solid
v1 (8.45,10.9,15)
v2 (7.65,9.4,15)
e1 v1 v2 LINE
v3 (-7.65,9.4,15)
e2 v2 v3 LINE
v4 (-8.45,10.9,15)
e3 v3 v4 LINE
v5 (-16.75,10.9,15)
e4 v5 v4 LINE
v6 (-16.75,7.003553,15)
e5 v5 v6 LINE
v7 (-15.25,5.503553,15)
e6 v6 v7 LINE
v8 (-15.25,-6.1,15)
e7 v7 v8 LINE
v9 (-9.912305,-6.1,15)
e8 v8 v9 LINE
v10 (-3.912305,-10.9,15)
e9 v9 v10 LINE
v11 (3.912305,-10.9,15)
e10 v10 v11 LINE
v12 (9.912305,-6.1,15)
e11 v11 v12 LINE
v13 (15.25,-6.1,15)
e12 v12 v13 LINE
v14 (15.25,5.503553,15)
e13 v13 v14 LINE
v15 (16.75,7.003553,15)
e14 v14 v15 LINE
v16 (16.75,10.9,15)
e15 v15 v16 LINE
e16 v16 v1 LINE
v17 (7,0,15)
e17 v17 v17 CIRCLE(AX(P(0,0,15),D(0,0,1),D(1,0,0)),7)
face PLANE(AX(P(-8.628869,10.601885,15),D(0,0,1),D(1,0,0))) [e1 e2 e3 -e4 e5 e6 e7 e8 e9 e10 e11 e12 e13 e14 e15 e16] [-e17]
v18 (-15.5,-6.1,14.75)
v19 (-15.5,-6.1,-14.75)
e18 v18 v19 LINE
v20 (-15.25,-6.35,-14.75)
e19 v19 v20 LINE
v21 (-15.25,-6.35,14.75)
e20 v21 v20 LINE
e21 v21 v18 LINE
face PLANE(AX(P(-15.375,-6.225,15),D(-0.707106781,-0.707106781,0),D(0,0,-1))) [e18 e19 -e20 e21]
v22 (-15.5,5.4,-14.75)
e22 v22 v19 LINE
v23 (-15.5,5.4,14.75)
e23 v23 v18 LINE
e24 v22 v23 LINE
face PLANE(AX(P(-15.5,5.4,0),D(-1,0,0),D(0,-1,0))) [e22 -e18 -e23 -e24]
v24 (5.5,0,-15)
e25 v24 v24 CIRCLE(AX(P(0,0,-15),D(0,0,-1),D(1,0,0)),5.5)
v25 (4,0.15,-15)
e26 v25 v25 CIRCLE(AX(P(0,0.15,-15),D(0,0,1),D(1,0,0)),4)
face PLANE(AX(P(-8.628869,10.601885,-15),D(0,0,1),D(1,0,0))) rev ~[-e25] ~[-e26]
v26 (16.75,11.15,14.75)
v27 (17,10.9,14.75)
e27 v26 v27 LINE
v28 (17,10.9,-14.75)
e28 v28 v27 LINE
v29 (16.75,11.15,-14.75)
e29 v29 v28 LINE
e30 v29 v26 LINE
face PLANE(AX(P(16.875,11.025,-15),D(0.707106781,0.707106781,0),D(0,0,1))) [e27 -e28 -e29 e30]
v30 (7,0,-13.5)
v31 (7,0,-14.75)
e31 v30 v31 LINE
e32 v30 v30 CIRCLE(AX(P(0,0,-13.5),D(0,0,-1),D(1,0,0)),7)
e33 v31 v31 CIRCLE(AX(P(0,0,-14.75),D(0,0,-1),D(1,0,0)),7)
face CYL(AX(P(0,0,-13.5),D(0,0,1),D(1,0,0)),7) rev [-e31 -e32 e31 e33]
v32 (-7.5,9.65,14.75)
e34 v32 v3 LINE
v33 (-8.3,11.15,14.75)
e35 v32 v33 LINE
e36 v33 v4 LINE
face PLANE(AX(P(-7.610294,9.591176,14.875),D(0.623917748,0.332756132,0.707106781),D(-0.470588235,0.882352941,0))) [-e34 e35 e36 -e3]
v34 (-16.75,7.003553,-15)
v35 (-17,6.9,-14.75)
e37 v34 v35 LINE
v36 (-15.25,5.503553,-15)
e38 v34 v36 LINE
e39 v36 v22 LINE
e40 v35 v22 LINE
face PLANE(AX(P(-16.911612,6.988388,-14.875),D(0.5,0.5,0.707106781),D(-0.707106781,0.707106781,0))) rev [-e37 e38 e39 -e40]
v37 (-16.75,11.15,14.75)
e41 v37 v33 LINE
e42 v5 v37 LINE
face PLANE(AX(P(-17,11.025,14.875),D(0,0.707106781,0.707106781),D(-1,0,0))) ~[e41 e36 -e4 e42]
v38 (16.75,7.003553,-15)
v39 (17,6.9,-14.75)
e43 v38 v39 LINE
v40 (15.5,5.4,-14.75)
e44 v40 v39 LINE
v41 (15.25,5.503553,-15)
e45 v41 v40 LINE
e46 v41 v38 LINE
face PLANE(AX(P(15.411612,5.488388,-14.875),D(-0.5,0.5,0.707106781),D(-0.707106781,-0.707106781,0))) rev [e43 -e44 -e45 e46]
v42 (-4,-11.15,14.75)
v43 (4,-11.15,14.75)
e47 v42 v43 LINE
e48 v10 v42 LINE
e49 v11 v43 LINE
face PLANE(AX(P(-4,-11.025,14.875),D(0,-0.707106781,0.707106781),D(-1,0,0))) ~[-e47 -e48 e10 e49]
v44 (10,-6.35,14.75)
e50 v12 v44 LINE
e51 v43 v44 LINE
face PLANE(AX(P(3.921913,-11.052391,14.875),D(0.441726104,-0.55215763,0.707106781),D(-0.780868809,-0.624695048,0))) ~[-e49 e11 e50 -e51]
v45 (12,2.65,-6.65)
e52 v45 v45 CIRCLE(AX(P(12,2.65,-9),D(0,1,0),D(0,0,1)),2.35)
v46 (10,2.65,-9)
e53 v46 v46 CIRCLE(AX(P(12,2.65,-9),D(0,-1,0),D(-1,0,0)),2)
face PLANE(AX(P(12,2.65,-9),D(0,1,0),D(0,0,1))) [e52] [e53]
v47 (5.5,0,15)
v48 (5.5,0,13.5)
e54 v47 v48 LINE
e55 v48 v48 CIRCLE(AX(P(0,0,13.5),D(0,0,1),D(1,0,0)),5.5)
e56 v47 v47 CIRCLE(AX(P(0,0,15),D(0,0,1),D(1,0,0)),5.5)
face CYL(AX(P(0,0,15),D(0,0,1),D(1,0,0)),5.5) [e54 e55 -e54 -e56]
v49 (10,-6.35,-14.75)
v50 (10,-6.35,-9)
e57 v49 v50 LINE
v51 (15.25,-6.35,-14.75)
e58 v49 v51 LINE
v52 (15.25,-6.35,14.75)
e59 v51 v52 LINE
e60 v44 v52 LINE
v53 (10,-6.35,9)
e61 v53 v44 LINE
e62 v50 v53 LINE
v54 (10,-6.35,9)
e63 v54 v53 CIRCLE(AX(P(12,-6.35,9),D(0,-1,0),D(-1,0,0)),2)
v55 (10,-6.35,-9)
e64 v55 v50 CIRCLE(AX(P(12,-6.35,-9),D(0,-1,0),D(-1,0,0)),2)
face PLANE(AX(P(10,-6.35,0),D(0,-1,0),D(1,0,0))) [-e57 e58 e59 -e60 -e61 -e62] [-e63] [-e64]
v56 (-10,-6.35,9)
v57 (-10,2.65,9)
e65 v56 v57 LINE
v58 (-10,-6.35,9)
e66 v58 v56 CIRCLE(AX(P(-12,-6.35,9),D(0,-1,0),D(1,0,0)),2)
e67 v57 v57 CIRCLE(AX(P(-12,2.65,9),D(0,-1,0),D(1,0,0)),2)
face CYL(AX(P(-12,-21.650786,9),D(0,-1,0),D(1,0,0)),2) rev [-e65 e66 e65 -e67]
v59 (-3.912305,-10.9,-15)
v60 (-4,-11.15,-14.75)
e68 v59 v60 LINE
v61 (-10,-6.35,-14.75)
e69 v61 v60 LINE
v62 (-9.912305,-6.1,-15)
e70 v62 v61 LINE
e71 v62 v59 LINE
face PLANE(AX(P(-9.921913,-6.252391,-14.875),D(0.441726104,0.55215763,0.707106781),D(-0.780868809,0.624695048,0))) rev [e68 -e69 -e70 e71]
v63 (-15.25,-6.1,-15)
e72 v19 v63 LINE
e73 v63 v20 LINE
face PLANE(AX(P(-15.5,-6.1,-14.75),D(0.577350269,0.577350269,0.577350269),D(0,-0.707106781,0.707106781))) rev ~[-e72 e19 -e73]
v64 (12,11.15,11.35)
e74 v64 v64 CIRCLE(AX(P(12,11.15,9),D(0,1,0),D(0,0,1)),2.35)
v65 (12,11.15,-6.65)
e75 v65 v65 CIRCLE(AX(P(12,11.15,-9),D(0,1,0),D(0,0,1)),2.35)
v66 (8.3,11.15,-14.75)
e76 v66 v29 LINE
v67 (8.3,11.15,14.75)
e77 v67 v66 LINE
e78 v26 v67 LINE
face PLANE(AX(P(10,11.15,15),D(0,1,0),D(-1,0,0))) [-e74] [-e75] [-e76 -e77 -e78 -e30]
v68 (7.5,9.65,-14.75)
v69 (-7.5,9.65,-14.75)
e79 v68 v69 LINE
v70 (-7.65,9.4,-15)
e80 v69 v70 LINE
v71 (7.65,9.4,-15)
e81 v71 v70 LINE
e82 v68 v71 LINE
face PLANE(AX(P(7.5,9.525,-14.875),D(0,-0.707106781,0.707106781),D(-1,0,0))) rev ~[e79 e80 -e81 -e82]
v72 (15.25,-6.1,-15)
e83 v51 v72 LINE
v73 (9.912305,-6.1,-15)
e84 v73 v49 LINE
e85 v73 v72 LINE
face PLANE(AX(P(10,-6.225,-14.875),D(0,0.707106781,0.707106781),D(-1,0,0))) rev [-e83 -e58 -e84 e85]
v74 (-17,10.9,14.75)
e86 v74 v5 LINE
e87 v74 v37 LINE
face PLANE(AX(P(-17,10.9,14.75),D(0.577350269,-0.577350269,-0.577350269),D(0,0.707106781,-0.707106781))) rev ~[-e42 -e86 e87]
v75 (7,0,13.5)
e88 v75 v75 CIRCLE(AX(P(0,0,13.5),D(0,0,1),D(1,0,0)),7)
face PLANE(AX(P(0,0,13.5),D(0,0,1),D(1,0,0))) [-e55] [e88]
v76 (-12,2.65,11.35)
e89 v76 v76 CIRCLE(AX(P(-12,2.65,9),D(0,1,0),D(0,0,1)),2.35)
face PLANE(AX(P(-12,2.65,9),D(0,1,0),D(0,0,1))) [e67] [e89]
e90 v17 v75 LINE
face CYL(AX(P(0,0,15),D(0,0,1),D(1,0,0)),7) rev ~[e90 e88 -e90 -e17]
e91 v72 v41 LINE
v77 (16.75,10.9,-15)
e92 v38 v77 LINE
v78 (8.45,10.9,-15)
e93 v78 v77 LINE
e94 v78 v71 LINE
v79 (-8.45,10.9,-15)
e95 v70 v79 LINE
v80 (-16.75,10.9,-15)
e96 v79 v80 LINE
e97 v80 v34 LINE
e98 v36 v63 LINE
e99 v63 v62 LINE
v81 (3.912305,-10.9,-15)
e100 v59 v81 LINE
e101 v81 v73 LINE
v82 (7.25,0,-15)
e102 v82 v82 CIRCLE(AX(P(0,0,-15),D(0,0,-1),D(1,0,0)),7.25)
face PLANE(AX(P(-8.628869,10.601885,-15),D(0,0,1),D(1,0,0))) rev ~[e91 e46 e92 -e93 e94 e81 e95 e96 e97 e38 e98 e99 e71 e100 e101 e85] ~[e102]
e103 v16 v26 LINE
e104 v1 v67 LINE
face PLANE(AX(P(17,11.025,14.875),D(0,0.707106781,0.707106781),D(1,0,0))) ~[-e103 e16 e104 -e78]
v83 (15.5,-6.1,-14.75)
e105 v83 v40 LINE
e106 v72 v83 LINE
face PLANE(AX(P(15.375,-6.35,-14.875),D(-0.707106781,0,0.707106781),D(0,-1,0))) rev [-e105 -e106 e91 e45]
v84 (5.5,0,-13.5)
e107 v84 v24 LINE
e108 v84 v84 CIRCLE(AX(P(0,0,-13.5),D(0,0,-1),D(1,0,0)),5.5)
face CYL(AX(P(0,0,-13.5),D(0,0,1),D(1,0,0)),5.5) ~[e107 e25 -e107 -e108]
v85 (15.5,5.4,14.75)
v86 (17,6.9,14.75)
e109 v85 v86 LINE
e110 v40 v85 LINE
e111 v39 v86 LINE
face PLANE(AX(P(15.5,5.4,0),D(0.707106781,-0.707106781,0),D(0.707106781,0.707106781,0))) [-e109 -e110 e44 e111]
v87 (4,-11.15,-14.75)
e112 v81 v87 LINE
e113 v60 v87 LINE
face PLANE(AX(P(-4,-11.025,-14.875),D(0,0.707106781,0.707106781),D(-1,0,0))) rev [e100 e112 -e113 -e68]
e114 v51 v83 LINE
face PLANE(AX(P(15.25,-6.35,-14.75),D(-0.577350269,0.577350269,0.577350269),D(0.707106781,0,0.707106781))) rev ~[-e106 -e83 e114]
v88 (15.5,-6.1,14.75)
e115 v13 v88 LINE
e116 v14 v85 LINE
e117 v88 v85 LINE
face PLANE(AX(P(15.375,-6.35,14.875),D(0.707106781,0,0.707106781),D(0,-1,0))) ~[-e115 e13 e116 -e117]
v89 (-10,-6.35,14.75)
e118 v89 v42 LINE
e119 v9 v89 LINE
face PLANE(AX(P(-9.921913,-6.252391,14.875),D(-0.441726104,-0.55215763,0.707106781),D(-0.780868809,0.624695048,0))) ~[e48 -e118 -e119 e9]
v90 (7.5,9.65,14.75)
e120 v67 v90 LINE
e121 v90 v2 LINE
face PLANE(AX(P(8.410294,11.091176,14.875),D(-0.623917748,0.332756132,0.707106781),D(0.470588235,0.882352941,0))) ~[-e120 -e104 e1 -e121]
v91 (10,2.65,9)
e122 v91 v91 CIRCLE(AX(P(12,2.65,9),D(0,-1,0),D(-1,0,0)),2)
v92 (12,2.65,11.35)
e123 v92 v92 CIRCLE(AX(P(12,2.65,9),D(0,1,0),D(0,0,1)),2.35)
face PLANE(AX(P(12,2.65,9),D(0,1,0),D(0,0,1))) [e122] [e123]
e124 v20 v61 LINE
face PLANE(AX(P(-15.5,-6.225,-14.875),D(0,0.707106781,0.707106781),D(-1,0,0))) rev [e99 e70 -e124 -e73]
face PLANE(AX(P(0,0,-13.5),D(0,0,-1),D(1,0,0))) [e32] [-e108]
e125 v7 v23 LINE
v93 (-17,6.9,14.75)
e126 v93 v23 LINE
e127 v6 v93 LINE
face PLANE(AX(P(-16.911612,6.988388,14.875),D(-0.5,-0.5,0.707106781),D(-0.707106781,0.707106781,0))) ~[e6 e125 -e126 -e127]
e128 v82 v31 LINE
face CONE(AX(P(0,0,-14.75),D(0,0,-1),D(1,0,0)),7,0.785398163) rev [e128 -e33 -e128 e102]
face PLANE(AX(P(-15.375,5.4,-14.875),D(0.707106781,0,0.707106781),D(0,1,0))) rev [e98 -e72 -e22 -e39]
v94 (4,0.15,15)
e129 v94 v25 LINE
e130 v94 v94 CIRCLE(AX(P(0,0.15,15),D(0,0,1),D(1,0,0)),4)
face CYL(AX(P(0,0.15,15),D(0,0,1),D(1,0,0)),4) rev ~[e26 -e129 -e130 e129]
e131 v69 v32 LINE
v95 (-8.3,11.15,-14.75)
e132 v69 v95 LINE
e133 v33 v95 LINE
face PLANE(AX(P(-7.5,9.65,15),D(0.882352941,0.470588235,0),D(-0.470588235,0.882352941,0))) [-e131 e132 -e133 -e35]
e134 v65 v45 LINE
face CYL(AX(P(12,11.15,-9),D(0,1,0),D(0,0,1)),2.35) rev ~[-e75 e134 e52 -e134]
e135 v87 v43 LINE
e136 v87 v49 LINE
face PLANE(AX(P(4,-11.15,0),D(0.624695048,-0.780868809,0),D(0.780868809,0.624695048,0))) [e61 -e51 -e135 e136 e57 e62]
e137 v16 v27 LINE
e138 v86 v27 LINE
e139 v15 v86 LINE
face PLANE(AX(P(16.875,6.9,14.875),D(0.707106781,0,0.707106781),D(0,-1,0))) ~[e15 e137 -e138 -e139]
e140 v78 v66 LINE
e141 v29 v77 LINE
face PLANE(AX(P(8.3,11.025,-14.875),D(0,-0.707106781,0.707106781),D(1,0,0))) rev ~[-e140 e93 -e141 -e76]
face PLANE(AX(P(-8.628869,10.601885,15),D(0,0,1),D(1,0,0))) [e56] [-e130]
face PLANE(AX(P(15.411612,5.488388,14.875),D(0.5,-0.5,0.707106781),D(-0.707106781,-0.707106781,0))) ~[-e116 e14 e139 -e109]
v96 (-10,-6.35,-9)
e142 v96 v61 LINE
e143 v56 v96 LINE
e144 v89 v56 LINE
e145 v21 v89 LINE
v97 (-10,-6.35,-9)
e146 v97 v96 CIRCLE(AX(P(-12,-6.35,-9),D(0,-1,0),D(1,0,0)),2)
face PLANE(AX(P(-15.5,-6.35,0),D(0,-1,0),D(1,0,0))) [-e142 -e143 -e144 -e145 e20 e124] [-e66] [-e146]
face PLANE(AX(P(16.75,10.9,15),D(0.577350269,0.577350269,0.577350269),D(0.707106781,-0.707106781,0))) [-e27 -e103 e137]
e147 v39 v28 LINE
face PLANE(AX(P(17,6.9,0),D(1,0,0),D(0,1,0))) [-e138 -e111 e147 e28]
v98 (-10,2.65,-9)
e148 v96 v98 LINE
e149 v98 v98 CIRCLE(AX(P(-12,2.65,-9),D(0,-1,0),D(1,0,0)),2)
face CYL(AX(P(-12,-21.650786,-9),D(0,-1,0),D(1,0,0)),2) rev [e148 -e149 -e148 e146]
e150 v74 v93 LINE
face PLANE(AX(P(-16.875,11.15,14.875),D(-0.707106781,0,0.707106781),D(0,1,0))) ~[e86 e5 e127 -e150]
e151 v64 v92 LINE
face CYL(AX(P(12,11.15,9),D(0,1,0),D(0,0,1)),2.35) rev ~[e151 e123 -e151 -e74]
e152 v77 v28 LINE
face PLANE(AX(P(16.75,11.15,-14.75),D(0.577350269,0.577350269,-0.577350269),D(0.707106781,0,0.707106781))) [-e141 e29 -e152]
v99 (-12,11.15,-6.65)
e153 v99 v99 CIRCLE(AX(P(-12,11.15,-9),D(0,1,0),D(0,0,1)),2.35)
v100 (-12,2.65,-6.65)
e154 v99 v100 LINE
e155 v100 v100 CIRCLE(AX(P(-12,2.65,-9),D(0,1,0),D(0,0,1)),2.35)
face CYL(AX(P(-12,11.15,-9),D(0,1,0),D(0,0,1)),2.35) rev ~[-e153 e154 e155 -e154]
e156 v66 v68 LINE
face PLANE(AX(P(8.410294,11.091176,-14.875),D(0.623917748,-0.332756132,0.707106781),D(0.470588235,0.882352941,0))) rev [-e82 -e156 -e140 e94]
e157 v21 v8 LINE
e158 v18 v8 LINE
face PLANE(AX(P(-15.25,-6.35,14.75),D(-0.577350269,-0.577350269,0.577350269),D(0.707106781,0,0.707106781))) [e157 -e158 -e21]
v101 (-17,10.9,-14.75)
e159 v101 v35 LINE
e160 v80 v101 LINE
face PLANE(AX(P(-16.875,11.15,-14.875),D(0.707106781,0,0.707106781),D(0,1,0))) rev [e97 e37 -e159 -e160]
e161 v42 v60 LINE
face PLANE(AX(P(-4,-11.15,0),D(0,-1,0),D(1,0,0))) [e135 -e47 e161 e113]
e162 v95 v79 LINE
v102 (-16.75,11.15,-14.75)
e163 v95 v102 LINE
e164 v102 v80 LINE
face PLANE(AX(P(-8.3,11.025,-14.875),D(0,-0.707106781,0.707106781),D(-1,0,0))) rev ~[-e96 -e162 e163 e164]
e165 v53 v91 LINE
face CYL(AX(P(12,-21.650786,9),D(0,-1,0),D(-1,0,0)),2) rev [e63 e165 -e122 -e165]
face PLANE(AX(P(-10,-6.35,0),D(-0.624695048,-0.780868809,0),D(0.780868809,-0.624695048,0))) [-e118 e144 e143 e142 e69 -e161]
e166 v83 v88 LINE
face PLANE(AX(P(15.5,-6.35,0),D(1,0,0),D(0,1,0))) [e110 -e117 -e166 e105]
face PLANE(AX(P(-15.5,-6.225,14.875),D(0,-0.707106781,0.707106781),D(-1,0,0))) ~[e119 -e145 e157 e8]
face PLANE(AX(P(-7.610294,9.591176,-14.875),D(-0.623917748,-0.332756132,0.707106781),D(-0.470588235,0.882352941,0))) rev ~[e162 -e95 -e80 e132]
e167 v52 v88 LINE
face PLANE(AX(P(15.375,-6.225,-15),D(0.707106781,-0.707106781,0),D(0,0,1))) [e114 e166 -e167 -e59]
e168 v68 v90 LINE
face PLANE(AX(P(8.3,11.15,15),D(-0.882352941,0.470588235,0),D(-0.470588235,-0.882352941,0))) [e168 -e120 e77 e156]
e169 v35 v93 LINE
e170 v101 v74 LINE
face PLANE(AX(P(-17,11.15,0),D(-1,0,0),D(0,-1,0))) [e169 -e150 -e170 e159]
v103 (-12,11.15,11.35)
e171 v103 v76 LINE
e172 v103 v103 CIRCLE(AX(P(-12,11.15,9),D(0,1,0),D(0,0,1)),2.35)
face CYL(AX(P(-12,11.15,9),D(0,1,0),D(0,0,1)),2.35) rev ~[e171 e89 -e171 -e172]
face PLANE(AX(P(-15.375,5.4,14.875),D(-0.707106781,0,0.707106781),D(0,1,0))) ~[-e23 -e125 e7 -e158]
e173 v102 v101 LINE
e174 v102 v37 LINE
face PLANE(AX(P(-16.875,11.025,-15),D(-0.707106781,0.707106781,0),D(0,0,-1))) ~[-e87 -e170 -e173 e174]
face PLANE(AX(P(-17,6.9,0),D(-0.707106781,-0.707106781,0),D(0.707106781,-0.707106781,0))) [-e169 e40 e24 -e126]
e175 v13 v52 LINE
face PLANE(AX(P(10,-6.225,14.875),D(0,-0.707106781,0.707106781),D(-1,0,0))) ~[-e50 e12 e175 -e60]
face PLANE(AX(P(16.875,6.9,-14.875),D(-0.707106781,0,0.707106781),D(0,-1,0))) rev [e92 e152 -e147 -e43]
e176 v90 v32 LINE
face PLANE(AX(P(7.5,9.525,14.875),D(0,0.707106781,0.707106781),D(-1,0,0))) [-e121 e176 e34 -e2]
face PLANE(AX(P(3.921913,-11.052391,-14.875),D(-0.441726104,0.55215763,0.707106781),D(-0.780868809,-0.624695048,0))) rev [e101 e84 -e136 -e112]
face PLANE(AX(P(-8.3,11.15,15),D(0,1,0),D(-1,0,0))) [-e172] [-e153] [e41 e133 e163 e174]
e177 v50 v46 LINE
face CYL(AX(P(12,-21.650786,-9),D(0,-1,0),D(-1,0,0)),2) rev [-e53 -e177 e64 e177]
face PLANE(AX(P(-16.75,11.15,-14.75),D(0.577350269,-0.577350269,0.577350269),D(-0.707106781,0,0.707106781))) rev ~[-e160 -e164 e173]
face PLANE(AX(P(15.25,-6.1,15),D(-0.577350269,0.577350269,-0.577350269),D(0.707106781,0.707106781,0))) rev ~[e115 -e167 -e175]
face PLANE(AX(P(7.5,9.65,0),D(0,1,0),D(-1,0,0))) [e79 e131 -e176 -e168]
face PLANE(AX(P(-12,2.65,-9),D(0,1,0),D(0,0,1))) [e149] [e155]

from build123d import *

# Parameters (mm, degrees)
SALIENTE_EXTRUIR1_DEPTH    = 15
CROQUIS2_R                 = 4
CORTAR_EXTRUIR1_DEPTH      = 37.239791666
CORTAR_EXTRUIR2_DEPTH      = 32.800786154
CORTAR_EXTRUIR2_DEPTH_BACK = 32.800786154
CROQUIS3_R                 = 2
SALIENTE_EXTRUIR2_DEPTH    = 30
CROQUIS5_R                 = 7
CROQUIS5_R_2               = 5.5
CORTAR_EXTRUIR3_DEPTH      = 1.5
CORTAR_EXTRUIR4_START      = -1.5
CROQUIS6_R                 = 7
CROQUIS6_R_2               = 5.5
CORTAR_EXTRUIR4_DEPTH      = 1.5
CROQUIS7_R                 = 2.35
CORTAR_EXTRUIR5_DEPTH      = 8.5
CHAFL_N1_SIZE              = 0.25


with BuildPart() as part:
    # Croquis1 → Saliente-Extruir1 (new, symmetric)
    with BuildSketch(Plane.XY):
        Polygon((-4, -11.15), (4, -11.15), (10, -6.35), (15.5, -6.35), (15.5, 5.4), (17, 6.9), (17, 11.15), (10, 11.15), (7.5, 9.65), (-7.5, 9.65), (-10, 11.15), (-17, 11.15), (-17, 6.9), (-15.5, 5.4), (-15.5, -6.35), (-10, -6.35), align=None)
    extrude(amount=SALIENTE_EXTRUIR1_DEPTH, both=True)

    # Croquis2 → Cortar-Extruir1 (cut, through all)
    with BuildSketch(Plane.XY.offset(15)):
        with Locations((0, 0.15)):
            Circle(CROQUIS2_R)
    extrude(amount=-CORTAR_EXTRUIR1_DEPTH, mode=Mode.SUBTRACT)

    # Croquis3 → Cortar-Extruir2 (cut, two sides: drawn at the far end of the back side and taken through both)
    with BuildSketch(Plane(origin=(0, 11.15, 0), x_dir=(1, 0, 0), z_dir=(0, 1, 0)).offset(-CORTAR_EXTRUIR2_DEPTH_BACK)):
        with Locations((-12, 9)):
            Circle(CROQUIS3_R)
        with Locations(Location((12, 9, 0), (0, 0, 180))):
            Circle(CROQUIS3_R)
        with Locations((-12, -9)):
            Circle(CROQUIS3_R)
        with Locations(Location((12, -9, 0), (0, 0, 180))):
            Circle(CROQUIS3_R)
    extrude(amount=CORTAR_EXTRUIR2_DEPTH + CORTAR_EXTRUIR2_DEPTH_BACK, mode=Mode.SUBTRACT)

    # Croquis4 → Saliente-Extruir2 (add, through all)
    with BuildSketch(Plane.XY.offset(15)):
        Polygon((-10, 11.15), (-7.5, 9.65), (-8.3, 11.15), align=None)
        Polygon((7.5, 9.65), (10, 11.15), (8.3, 11.15), align=None)
    extrude(amount=-SALIENTE_EXTRUIR2_DEPTH)

    # Croquis5 → Cortar-Extruir3 (cut)
    with BuildSketch(Plane.XY.offset(15)):
        Circle(CROQUIS5_R)
        Circle(CROQUIS5_R_2, mode=Mode.SUBTRACT)
    extrude(amount=-CORTAR_EXTRUIR3_DEPTH, mode=Mode.SUBTRACT)

    # Croquis6 → Cortar-Extruir4 (cut)
    with BuildSketch(Plane(origin=(0, 0, -15), x_dir=(-1, 0, 0), z_dir=(0, 0, -1)).offset(CORTAR_EXTRUIR4_START)):
        with Locations(Location((0, 0, 0), (0, 0, 180))):
            Circle(CROQUIS6_R)
        with Locations(Location((0, 0, 0), (0, 0, 180))):
            Circle(CROQUIS6_R_2, mode=Mode.SUBTRACT)
    extrude(amount=CORTAR_EXTRUIR4_DEPTH, mode=Mode.SUBTRACT)

    # Croquis7 → Cortar-Extruir5 (cut)
    with BuildSketch(Plane(origin=(0, 11.15, 0), x_dir=(1, 0, 0), z_dir=(0, 1, 0))):
        with Locations(Location((-12, 9, 0), (0, 0, 270))):
            Circle(CROQUIS7_R)
        with Locations(Location((-12, -9, 0), (0, 0, 270))):
            Circle(CROQUIS7_R)
        with Locations(Location((12, -9, 0), (0, 0, 270))):
            Circle(CROQUIS7_R)
        with Locations(Location((12, 9, 0), (0, 0, 270))):
            Circle(CROQUIS7_R)
    extrude(amount=-CORTAR_EXTRUIR5_DEPTH, mode=Mode.SUBTRACT)

    # Chaflán1
    chafl_n1_edges = [part.edges().sort_by_distance(p)[0] for p in [
        (0, 9.65, 15),
        (-7, 0, -15),
        (17, 9.025, -15),
        (16.25, 6.15, -15),
        (15.5, -0.475, -15),
        (12.75, -6.35, -15),
        (7, -8.75, -15),
        (-12.65, 11.15, 15),
        (0, -11.15, -15),
        (-7, -8.75, -15),
        (-12.75, -6.35, -15),
        (-15.5, -0.475, -15),
        (-16.25, 6.15, -15),
        (-17, 9.025, -15),
        (-12.65, 11.15, -15),
        (-17, 9.025, 15),
        (0, 9.65, -15),
        (12.65, 11.15, -15),
        (-16.25, 6.15, 15),
        (-15.5, -0.475, 15),
        (17, 11.15, 0),
        (15.5, -6.35, 0),
        (-15.5, -6.35, 0),
        (-17, 11.15, 0),
        (-12.75, -6.35, 15),
        (-7, -8.75, 15),
        (0, -11.15, 15),
        (7, -8.75, 15),
        (12.65, 11.15, 15),
        (12.75, -6.35, 15),
        (15.5, -0.475, 15),
        (16.25, 6.15, 15),
        (17, 9.025, 15),
        (-7.9, 10.4, -15),
        (-7.9, 10.4, 15),
        (7.9, 10.4, -15),
        (7.9, 10.4, 15),
    ]]
    chamfer(chafl_n1_edges, length=CHAFL_N1_SIZE)


solid = part.part
